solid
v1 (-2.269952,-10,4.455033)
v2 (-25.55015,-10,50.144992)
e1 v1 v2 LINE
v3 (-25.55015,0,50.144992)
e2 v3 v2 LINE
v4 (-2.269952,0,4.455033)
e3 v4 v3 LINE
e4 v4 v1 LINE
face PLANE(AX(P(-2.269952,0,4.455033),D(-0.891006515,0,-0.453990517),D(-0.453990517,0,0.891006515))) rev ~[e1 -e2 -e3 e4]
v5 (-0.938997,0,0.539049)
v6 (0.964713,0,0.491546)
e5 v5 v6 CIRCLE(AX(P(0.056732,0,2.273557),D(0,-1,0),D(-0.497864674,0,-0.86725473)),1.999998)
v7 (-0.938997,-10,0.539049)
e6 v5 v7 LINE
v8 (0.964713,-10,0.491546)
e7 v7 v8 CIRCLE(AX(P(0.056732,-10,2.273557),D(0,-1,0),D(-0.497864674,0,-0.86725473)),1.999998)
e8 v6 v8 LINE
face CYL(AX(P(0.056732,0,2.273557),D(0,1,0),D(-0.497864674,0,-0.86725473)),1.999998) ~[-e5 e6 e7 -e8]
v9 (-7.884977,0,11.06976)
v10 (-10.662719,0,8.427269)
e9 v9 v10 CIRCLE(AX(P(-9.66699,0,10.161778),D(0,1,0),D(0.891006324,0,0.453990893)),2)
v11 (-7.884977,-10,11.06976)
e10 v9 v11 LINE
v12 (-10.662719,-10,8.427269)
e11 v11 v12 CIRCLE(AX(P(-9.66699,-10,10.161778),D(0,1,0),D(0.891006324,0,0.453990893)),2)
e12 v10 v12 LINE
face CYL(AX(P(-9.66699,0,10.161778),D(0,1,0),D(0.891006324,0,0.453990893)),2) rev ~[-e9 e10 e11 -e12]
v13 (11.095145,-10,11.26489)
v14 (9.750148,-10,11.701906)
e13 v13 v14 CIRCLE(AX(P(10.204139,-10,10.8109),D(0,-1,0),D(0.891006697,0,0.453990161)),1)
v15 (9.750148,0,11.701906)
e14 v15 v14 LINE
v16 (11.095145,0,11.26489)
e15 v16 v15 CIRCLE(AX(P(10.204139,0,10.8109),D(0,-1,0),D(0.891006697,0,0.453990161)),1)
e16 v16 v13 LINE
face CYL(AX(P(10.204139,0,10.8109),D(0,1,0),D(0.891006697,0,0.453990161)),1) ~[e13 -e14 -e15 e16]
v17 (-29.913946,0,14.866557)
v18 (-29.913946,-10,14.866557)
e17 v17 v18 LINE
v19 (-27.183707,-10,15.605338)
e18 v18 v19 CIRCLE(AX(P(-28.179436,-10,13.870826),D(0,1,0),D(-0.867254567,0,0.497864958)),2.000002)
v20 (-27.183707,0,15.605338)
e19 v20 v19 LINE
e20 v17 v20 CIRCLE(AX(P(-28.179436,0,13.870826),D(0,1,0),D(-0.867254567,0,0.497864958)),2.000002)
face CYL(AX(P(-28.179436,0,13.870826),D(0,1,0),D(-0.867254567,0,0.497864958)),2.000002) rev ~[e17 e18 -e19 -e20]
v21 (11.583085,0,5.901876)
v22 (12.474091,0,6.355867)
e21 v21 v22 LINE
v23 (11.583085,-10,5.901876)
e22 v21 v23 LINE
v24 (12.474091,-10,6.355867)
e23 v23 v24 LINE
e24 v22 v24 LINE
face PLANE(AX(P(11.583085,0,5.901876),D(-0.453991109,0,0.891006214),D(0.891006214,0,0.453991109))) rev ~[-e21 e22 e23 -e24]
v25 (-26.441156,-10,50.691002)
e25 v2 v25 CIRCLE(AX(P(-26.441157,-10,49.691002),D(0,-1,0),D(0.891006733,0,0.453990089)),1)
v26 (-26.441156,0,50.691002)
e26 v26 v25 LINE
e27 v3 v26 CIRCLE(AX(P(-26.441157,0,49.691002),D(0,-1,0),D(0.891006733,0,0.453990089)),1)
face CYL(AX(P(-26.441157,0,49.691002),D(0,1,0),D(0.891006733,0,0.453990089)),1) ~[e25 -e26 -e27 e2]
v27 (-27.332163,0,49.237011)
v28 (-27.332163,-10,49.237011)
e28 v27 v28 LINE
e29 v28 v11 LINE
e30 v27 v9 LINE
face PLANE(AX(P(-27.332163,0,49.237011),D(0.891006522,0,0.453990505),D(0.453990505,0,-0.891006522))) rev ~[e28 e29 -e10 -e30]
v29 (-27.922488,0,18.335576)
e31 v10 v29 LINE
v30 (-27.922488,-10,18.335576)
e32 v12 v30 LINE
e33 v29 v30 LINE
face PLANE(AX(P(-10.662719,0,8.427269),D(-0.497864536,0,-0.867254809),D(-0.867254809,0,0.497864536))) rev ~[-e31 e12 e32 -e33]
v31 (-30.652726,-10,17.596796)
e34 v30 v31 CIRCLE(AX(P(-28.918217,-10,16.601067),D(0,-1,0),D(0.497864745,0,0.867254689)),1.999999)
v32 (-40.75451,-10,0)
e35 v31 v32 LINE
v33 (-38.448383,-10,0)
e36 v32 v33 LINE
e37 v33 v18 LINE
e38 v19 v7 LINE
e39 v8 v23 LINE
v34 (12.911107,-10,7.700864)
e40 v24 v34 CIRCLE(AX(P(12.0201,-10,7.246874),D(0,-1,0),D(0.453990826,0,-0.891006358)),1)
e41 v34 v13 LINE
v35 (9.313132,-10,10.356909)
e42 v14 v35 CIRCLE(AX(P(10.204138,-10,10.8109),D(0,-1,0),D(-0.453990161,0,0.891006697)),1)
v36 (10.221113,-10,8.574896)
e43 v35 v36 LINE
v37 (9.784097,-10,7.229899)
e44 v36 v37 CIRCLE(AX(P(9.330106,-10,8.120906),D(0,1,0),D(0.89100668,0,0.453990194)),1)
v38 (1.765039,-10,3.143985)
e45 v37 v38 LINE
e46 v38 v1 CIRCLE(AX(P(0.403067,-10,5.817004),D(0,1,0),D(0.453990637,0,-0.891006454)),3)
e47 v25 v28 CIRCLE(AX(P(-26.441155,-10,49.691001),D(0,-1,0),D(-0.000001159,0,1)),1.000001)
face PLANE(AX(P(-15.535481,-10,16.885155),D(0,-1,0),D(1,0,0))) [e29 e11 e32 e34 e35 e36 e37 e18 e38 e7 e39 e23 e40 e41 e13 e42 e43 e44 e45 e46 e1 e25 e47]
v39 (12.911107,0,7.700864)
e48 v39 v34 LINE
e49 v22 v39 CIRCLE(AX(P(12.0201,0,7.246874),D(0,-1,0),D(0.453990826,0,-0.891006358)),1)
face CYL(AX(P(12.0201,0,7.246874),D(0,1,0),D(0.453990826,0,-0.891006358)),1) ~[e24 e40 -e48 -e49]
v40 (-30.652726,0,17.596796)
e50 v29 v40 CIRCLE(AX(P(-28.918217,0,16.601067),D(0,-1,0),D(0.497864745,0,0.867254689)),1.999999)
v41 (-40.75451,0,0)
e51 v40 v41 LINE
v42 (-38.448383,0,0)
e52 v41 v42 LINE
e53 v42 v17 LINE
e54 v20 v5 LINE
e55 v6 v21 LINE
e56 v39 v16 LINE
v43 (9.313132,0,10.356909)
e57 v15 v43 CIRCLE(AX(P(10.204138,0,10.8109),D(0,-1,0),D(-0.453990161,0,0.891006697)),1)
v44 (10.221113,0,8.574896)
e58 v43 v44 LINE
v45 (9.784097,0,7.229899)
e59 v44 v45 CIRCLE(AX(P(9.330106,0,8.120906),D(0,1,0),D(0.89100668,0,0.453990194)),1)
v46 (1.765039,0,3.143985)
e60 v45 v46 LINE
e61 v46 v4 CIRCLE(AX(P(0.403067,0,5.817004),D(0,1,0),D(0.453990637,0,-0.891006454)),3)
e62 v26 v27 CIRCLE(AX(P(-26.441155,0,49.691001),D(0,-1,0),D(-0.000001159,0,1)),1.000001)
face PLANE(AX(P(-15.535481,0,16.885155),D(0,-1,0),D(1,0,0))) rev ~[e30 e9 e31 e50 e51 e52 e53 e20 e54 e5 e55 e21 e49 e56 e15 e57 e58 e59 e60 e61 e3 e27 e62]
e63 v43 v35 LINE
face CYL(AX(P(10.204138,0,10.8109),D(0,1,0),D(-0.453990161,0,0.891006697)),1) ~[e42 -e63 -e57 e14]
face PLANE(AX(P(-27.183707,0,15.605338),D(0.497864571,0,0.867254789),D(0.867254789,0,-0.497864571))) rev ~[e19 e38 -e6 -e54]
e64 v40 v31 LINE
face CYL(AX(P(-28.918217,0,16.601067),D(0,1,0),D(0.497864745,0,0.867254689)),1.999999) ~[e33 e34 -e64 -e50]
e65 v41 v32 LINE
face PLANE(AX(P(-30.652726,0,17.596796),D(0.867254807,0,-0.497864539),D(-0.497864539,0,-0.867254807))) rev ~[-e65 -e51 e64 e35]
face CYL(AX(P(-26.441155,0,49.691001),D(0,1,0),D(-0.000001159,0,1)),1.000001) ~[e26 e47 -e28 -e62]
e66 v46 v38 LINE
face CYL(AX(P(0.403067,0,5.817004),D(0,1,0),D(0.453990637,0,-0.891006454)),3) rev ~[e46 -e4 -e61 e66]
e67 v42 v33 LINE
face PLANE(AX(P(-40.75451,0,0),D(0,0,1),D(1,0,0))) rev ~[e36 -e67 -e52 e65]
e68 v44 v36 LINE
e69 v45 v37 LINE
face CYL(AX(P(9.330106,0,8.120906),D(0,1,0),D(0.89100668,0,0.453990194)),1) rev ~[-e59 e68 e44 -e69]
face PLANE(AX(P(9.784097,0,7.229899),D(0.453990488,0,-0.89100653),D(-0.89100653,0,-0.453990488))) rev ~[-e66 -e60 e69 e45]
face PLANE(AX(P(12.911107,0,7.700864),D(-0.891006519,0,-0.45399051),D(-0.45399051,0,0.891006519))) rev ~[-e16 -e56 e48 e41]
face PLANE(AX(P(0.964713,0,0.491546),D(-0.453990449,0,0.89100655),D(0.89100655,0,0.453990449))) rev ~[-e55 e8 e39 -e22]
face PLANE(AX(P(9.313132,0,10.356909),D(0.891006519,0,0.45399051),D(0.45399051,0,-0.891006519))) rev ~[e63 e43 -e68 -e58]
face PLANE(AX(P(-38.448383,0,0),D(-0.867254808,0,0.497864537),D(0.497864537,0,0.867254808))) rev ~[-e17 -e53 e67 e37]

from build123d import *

# Parameters (mm, degrees)
F1_DEPTH = 10


with BuildPart() as f1:
    # F0 (on Front) → F1 (new body)
    with BuildSketch(Plane.XZ):
        with BuildLine():
            Line((-2.269952, 4.455033), (-25.55015, 50.144992))
            ThreePointArc((-25.55015, 50.144992), (-25.918658, 50.543642), (-26.441156, 50.691002))
            ThreePointArc((-26.441156, 50.691002), (-27.293796, 50.2135), (-27.332163, 49.237011))
            Line((-27.332163, 49.237011), (-7.884977, 11.06976))
            ThreePointArc((-7.884977, 11.06976), (-8.288494, 8.712727), (-10.662719, 8.427269))
            Line((-10.662719, 8.427269), (-27.922488, 18.335576))
            ThreePointArc((-27.922488, 18.335576), (-29.440613, 18.531637), (-30.652726, 17.596796))
            Line((-30.652726, 17.596796), (-40.75451, 0))
            Line((-40.75451, 0), (-38.448383, 0))
            Line((-38.448383, 0), (-29.913946, 14.866557))
            ThreePointArc((-29.913946, 14.866557), (-28.701833, 15.801398), (-27.183707, 15.605338))
            Line((-27.183707, 15.605338), (-0.938997, 0.539049))
            ThreePointArc((-0.938997, 0.539049), (0.006842, 0.274181), (0.964713, 0.491546))
            Line((0.964713, 0.491546), (11.583085, 5.901876))
            Line((11.583085, 5.901876), (12.474091, 6.355867))
            ThreePointArc((12.474091, 6.355867), (12.971157, 6.937857), (12.911107, 7.700864))
            Line((12.911107, 7.700864), (11.095145, 11.26489))
            ThreePointArc((11.095145, 11.26489), (10.513156, 11.761956), (9.750148, 11.701906))
            ThreePointArc((9.750148, 11.701906), (9.253082, 11.119917), (9.313132, 10.356909))
            Line((9.313132, 10.356909), (10.221113, 8.574896))
            ThreePointArc((10.221113, 8.574896), (10.281163, 7.811889), (9.784097, 7.229899))
            Line((9.784097, 7.229899), (1.765039, 3.143985))
            ThreePointArc((1.765039, 3.143985), (-0.523984, 2.963835), (-2.269952, 4.455033))
        make_face()
    extrude(amount=F1_DEPTH)


solid = f1.part
